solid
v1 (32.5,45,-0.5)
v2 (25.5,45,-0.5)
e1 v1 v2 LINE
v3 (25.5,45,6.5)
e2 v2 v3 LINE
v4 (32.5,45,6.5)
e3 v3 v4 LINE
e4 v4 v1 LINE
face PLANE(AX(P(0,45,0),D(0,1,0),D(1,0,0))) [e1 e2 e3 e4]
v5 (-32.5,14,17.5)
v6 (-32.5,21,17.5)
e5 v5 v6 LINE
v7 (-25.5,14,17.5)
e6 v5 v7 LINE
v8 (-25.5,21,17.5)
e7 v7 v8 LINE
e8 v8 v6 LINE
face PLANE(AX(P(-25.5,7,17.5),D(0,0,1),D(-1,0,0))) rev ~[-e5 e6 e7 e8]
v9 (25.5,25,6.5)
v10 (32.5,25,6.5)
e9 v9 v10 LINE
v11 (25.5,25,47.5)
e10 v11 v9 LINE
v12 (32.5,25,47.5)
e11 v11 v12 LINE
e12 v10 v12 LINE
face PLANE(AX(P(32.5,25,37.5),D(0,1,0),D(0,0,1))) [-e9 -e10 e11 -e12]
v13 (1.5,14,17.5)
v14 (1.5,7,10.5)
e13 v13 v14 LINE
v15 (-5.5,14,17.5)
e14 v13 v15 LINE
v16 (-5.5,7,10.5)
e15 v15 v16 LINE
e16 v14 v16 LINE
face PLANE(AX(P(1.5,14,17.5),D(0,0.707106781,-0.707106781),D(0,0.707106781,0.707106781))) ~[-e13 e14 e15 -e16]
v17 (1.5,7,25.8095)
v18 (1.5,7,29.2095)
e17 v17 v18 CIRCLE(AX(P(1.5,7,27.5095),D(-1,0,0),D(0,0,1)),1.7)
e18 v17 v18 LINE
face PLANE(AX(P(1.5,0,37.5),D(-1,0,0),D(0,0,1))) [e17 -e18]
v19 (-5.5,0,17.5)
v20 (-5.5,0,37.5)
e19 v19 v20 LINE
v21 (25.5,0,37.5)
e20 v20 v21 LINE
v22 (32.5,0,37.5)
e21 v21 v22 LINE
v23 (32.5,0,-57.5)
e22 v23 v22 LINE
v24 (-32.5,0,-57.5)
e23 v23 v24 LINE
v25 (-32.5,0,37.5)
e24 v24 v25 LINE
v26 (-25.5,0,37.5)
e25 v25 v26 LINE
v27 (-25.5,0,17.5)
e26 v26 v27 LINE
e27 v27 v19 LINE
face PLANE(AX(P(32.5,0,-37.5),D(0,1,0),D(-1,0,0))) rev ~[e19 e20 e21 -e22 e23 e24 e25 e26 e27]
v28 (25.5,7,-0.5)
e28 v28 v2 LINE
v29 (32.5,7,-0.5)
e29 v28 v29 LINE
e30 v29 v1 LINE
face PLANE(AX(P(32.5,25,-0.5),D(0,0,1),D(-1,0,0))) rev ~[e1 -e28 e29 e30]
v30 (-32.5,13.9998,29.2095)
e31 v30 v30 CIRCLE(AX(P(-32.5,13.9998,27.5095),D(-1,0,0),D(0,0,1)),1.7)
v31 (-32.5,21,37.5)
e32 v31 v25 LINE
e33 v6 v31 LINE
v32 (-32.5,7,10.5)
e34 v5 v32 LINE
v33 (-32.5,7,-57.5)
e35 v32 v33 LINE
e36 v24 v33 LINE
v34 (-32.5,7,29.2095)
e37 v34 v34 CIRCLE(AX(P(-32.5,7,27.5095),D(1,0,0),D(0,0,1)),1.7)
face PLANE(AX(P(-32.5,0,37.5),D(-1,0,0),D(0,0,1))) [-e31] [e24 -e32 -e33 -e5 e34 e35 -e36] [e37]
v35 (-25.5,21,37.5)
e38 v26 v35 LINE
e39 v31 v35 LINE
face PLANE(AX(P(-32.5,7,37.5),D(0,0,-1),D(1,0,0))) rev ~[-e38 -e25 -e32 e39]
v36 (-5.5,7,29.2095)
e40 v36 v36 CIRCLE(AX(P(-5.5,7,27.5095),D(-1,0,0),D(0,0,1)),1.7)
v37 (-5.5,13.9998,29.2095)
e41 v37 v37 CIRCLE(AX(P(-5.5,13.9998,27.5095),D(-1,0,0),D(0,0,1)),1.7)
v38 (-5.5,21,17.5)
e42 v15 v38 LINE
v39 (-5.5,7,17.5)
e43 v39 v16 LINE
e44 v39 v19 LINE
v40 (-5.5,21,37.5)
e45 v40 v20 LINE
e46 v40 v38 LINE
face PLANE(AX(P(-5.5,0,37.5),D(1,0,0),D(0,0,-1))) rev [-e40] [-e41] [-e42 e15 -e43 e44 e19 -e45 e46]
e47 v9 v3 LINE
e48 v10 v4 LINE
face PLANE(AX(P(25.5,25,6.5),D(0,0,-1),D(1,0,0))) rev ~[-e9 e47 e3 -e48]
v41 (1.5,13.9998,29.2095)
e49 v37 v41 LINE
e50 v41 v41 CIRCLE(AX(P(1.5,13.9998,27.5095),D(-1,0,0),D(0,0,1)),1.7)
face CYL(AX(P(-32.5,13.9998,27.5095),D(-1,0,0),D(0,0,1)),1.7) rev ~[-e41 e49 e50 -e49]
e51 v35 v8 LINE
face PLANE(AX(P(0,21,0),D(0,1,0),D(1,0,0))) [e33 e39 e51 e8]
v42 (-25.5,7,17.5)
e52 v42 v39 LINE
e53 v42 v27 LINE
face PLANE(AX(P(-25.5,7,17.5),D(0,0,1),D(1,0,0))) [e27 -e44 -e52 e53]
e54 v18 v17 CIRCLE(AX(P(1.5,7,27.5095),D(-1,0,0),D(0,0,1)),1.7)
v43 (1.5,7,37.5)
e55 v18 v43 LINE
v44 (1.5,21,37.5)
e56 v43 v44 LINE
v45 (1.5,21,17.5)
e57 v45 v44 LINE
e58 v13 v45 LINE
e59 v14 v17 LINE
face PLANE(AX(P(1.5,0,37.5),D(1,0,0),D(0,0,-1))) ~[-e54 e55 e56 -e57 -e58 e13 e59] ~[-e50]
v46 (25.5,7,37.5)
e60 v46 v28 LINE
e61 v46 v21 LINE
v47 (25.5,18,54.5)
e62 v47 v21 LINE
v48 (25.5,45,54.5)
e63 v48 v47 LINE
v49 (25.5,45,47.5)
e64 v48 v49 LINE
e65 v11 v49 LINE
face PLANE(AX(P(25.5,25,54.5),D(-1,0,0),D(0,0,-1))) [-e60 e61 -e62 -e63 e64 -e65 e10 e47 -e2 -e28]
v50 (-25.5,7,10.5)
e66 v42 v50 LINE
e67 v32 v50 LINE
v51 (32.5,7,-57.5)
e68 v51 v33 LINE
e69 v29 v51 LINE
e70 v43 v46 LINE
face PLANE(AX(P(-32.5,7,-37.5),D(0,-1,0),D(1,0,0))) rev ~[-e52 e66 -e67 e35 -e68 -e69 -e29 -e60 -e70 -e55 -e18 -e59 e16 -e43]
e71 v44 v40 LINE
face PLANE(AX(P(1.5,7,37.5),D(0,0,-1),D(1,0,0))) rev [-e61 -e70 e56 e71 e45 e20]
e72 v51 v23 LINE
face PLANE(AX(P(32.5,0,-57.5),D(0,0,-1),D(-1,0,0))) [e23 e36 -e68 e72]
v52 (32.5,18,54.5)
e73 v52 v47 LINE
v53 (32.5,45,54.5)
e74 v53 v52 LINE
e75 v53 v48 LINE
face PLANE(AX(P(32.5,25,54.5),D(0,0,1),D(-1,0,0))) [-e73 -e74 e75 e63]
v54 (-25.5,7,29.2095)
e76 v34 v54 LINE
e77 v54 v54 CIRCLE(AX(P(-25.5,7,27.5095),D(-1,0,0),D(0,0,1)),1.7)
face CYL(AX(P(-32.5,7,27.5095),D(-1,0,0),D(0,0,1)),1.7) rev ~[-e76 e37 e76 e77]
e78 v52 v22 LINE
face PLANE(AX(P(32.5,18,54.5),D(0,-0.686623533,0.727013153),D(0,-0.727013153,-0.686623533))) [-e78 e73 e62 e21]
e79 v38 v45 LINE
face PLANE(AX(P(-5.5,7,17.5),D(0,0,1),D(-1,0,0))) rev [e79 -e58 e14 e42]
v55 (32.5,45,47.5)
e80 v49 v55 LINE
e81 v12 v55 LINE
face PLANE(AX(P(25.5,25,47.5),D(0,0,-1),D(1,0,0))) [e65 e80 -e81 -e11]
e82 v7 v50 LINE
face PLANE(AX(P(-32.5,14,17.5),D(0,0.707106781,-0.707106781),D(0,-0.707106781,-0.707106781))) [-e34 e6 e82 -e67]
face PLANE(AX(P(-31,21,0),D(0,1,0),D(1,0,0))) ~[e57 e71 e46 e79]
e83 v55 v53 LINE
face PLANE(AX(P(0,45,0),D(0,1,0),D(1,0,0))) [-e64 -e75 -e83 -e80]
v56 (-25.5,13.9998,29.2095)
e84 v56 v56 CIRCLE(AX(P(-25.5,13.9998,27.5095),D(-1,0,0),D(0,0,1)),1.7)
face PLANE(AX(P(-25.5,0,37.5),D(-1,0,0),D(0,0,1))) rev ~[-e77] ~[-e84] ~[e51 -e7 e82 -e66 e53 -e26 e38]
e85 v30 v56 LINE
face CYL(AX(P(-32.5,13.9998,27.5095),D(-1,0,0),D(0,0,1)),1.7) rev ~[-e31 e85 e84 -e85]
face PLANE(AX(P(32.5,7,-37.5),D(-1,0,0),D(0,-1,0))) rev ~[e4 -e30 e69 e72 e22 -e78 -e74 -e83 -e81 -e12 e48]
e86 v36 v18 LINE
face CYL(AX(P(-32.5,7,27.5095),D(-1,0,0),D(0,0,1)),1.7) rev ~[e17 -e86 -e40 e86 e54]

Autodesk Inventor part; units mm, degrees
ref_plane "YZ Plane" through (0, 0, 0) normal (1, 0, 0) x (0, 1, 0)
ref_plane "XZ Plane" through (0, 0, 0) normal (0, 1, 0) x (-1, 0, 0)
ref_plane "XY Plane" through (0, 0, 0) normal (0, 0, 1) x (1, 0, 0)
sketch "Sketch1" plane through (0, 0, 0) normal (0, 1, 0) x (-1, 0, 0)
  line L0 (32.5, 37.5) -> (-32.5, 37.5)
  line L1 (-32.5, 37.5) -> (-32.5, -37.5)
  line L2 (-32.5, -37.5) -> (32.5, -37.5)
  line L3 (32.5, -37.5) -> (32.5, 37.5)
  line L4 (32.5, 37.5) -> (-32.5, -37.5) construction
  line L5 (-32.5, 37.5) -> (32.5, -37.5) construction
  point P0 (0, 0)
  dimension "d0" = 65
  dimension "d1" = 75
extrude "Extrusion1" add sketch "Sketch1" along normal blind 7
sketch "Sketch6" plane through (0, 7, 0) normal (0, 1, 0) x (1, 0, 0)
  line L0 (-32.5, 37.5) -> (-32.5, -37.5) projected
  line L1 (-32.5, -37.5) -> (-25.5, -37.5)
  line L2 (-32.5, -37.5) -> (32.5, -37.5) projected
  line L3 (-25.5, -37.5) -> (-25.5, -17.5)
  line L4 (-25.5, -17.5) -> (-5.5, -17.5)
  line L5 (-5.5, -17.5) -> (-5.5, -37.5)
  line L6 (-25.5, -17.5) -> (-32.5, -17.5)
  point P0 (0, 0)
  dimension "d13" = 7
  dimension "d14" = 20
  dimension "d15" = 20
  dimension "d16" = 20
  dimension "d17" = 90
extrude "Extrusion4" cut sketch "Sketch6" against normal blind 14 contours L4 L5 L2 L3
sketch "Sketch7" plane through (0, 7, 0) normal (0, 1, 0) x (1, 0, 0)
  line L0 (-25.5, -37.5) -> (-25.5, -17.5) projected
  line L1 (-32.5, -37.5) -> (-25.5, -37.5)
  line L2 (-25.5, -37.5) -> (-25.5, -17.5)
  line L3 (-25.5, -17.5) -> (-32.5, -17.5)
  line L4 (-32.5, -17.5) -> (-32.5, -37.5)
  point P0 (0, 0)
extrude "Extrusion5" add sketch "Sketch7" along normal blind 14
sketch "Sketch8" plane through (0, 7, 0) normal (0, 1, 0) x (1, 0, 0)
  line L0 (-5.5, -37.5) -> (32.5, -37.5) projected
  line L1 (32.5, -37.5) -> (25.5, -37.5)
  line L2 (25.5, -37.5) -> (25.5, 0.5)
  line L3 (25.5, 0.5) -> (32.5, 0.5)
  line L4 (32.5, 0.5) -> (32.5, -37.5)
  point P0 (0, 0)
  dimension "d22" = 7
  dimension "d23" = 38
extrude "Extrusion6" add sketch "Sketch8" along normal blind 18
sketch "Sketch9" plane through (0, 25, 0) normal (0, 1, 0) x (1, 0, 0)
  line L0 (32.5, 0.5) -> (25.5, 0.5) projected
  line L1 (25.5, 0.5) -> (25.5, -37.5) projected
  line L2 (32.5, 0.5) -> (25.5, 0.5)
  line L3 (25.5, 0.5) -> (25.5, -6.5)
  line L4 (25.5, -6.5) -> (32.5, -6.5)
  line L5 (32.5, -6.5) -> (32.5, 0.5)
  point P0 (0, 0)
  dimension "d26" = 7
extrude "Extrusion7" add sketch "Sketch9" along normal blind 20
sketch "Sketch10" plane through (0, 25, 0) normal (0, 1, 0) x (1, 0, 0)
  line L0 (32.5, -6.5) -> (32.5, 0.5) projected
  line L1 (32.5, 0.5) -> (32.5, -54.5)
  line L2 (32.5, -54.5) -> (25.5, -54.5)
  line L3 (25.5, -54.5) -> (25.5, -47.5)
  line L4 (25.5, -47.5) -> (32.5, -47.5)
  line L5 (32.5, -47.5) -> (32.5, -54.5)
  point P0 (0, 0)
  dimension "d29" = 55
  dimension "d30" = 7
  dimension "d31" = 7
extrude "Extrusion8" add sketch "Sketch10" along normal blind 20
sketch "Sketch11" plane through (32.5, 0, 37.5) normal (1, 0, 0) x (0, 0, -1)
  line L0 (-17, 25) -> (-10, 25) projected
  line L1 (0, 7) -> (0, 25) construction
  line L2 (0, 7) -> (0, 25)
  line L3 (0, 25) -> (-17, 25)
  line L4 (-17, 25) -> (-17, 45) projected
  line L5 (0, 7) -> (0, 0)
  line L6 (-17, 25) -> (-17, 18)
  line L7 (-17, 18) -> (0, 0)
  point P0 (37.5, 0)
  dimension "d37" = 7
extrude "Extrusion9" add sketch "Sketch11" against normal up to surface (7 mm away)
sketch "Sketch13" plane through (32.5, 0, -37.5) normal (0, 0, -1) x (-1, 0, 0)
  line L0 (65, 7) -> (58, 7) projected
  line L1 (0, 0) -> (65, 0)
  line L2 (65, 0) -> (65, 7)
  line L3 (65, 7) -> (0, 7)
  line L4 (0, 7) -> (0, 0)
  point P0 (32.5, 0)
extrude "Extrusion10" add sketch "Sketch13" along normal blind 20
sketch "Sketch14" plane through (0, 7, 0) normal (0, 1, 0) x (1, 0, 0)
  point P0 (0, 0)
sketch "Sketch15" plane through (-25.5, 0, 37.5) normal (1, 0, 0) x (0, 0, -1)
  point P0 (37.5, 0)
sketch "Sketch16" plane through (-32.5, 0, 37.5) normal (-1, 0, 0) x (0, 0, 1)
  point P0 (-37.5, 0)
ref_plane "Work Plane1" through (-15.5, 0, 37.5) normal (1, 0, 0) x (0, 0, -1)
mirror "Mirror1" about plane through (-15.5, 0, 37.5) normal (1, 0, 0) of "Extrusion5"
sketch "Sketch18" plane through (-32.5, 0, 37.5) normal (-1, 0, 0) x (0, 0, 1)
  line L0 (-20, 7) -> (-20, 0) projected
  line L1 (-20, 7) -> (-20, 14)
  line L2 (-20, 7) -> (-20, 21) projected
  line L3 (-20, 7) -> (-13, 7) construction
  line L4 (-20, 14) -> (-27, 7)
  line L5 (-20, 7) -> (-95, 7) projected
  point P0 (-37.5, 0)
  dimension "d43" = 7
  dimension "d44" = 90
  dimension "d45" = 45
extrude "Extrusion12" add sketch "Sketch18" against normal up to surface (7 mm away)
mirror "Mirror2" about plane through (-15.5, 0, 37.5) normal (1, 0, 0) of "Extrusion12"
sketch "Sketch19" plane through (-32.5, 0, 37.5) normal (-1, 0, 0) x (0, 0, 1)
  line L0 (0, 0) -> (0, 21) projected
  line L1 (-20, 14) -> (-20, 21) projected
  circle A0 centre (-10, 14) radius 1.7 construction
  circle A1 centre (-10, 7) radius 1.7 construction
  point P0 (-37.5, 0)
  dimension "d52" = 3.4
  dimension "d53" = 3.4
sketch "Sketch20" plane through (-32.5, 0, 37.5) normal (-1, 0, 0) x (0, 0, 1)
  line L0 (0, 7) -> (-38, 7) projected
  circle A0 centre (-9.9905, 7) radius 1.7
  circle A1 centre (-9.9905, 13.9998) radius 1.7
  point P0 (-37.5, 0)
  dimension "d54" = 3.4
  dimension "d55" = 3.4
extrude "Extrusion13" cut sketch "Sketch20" against normal up to surface (34 mm away)
properties part number "graber thingie"
